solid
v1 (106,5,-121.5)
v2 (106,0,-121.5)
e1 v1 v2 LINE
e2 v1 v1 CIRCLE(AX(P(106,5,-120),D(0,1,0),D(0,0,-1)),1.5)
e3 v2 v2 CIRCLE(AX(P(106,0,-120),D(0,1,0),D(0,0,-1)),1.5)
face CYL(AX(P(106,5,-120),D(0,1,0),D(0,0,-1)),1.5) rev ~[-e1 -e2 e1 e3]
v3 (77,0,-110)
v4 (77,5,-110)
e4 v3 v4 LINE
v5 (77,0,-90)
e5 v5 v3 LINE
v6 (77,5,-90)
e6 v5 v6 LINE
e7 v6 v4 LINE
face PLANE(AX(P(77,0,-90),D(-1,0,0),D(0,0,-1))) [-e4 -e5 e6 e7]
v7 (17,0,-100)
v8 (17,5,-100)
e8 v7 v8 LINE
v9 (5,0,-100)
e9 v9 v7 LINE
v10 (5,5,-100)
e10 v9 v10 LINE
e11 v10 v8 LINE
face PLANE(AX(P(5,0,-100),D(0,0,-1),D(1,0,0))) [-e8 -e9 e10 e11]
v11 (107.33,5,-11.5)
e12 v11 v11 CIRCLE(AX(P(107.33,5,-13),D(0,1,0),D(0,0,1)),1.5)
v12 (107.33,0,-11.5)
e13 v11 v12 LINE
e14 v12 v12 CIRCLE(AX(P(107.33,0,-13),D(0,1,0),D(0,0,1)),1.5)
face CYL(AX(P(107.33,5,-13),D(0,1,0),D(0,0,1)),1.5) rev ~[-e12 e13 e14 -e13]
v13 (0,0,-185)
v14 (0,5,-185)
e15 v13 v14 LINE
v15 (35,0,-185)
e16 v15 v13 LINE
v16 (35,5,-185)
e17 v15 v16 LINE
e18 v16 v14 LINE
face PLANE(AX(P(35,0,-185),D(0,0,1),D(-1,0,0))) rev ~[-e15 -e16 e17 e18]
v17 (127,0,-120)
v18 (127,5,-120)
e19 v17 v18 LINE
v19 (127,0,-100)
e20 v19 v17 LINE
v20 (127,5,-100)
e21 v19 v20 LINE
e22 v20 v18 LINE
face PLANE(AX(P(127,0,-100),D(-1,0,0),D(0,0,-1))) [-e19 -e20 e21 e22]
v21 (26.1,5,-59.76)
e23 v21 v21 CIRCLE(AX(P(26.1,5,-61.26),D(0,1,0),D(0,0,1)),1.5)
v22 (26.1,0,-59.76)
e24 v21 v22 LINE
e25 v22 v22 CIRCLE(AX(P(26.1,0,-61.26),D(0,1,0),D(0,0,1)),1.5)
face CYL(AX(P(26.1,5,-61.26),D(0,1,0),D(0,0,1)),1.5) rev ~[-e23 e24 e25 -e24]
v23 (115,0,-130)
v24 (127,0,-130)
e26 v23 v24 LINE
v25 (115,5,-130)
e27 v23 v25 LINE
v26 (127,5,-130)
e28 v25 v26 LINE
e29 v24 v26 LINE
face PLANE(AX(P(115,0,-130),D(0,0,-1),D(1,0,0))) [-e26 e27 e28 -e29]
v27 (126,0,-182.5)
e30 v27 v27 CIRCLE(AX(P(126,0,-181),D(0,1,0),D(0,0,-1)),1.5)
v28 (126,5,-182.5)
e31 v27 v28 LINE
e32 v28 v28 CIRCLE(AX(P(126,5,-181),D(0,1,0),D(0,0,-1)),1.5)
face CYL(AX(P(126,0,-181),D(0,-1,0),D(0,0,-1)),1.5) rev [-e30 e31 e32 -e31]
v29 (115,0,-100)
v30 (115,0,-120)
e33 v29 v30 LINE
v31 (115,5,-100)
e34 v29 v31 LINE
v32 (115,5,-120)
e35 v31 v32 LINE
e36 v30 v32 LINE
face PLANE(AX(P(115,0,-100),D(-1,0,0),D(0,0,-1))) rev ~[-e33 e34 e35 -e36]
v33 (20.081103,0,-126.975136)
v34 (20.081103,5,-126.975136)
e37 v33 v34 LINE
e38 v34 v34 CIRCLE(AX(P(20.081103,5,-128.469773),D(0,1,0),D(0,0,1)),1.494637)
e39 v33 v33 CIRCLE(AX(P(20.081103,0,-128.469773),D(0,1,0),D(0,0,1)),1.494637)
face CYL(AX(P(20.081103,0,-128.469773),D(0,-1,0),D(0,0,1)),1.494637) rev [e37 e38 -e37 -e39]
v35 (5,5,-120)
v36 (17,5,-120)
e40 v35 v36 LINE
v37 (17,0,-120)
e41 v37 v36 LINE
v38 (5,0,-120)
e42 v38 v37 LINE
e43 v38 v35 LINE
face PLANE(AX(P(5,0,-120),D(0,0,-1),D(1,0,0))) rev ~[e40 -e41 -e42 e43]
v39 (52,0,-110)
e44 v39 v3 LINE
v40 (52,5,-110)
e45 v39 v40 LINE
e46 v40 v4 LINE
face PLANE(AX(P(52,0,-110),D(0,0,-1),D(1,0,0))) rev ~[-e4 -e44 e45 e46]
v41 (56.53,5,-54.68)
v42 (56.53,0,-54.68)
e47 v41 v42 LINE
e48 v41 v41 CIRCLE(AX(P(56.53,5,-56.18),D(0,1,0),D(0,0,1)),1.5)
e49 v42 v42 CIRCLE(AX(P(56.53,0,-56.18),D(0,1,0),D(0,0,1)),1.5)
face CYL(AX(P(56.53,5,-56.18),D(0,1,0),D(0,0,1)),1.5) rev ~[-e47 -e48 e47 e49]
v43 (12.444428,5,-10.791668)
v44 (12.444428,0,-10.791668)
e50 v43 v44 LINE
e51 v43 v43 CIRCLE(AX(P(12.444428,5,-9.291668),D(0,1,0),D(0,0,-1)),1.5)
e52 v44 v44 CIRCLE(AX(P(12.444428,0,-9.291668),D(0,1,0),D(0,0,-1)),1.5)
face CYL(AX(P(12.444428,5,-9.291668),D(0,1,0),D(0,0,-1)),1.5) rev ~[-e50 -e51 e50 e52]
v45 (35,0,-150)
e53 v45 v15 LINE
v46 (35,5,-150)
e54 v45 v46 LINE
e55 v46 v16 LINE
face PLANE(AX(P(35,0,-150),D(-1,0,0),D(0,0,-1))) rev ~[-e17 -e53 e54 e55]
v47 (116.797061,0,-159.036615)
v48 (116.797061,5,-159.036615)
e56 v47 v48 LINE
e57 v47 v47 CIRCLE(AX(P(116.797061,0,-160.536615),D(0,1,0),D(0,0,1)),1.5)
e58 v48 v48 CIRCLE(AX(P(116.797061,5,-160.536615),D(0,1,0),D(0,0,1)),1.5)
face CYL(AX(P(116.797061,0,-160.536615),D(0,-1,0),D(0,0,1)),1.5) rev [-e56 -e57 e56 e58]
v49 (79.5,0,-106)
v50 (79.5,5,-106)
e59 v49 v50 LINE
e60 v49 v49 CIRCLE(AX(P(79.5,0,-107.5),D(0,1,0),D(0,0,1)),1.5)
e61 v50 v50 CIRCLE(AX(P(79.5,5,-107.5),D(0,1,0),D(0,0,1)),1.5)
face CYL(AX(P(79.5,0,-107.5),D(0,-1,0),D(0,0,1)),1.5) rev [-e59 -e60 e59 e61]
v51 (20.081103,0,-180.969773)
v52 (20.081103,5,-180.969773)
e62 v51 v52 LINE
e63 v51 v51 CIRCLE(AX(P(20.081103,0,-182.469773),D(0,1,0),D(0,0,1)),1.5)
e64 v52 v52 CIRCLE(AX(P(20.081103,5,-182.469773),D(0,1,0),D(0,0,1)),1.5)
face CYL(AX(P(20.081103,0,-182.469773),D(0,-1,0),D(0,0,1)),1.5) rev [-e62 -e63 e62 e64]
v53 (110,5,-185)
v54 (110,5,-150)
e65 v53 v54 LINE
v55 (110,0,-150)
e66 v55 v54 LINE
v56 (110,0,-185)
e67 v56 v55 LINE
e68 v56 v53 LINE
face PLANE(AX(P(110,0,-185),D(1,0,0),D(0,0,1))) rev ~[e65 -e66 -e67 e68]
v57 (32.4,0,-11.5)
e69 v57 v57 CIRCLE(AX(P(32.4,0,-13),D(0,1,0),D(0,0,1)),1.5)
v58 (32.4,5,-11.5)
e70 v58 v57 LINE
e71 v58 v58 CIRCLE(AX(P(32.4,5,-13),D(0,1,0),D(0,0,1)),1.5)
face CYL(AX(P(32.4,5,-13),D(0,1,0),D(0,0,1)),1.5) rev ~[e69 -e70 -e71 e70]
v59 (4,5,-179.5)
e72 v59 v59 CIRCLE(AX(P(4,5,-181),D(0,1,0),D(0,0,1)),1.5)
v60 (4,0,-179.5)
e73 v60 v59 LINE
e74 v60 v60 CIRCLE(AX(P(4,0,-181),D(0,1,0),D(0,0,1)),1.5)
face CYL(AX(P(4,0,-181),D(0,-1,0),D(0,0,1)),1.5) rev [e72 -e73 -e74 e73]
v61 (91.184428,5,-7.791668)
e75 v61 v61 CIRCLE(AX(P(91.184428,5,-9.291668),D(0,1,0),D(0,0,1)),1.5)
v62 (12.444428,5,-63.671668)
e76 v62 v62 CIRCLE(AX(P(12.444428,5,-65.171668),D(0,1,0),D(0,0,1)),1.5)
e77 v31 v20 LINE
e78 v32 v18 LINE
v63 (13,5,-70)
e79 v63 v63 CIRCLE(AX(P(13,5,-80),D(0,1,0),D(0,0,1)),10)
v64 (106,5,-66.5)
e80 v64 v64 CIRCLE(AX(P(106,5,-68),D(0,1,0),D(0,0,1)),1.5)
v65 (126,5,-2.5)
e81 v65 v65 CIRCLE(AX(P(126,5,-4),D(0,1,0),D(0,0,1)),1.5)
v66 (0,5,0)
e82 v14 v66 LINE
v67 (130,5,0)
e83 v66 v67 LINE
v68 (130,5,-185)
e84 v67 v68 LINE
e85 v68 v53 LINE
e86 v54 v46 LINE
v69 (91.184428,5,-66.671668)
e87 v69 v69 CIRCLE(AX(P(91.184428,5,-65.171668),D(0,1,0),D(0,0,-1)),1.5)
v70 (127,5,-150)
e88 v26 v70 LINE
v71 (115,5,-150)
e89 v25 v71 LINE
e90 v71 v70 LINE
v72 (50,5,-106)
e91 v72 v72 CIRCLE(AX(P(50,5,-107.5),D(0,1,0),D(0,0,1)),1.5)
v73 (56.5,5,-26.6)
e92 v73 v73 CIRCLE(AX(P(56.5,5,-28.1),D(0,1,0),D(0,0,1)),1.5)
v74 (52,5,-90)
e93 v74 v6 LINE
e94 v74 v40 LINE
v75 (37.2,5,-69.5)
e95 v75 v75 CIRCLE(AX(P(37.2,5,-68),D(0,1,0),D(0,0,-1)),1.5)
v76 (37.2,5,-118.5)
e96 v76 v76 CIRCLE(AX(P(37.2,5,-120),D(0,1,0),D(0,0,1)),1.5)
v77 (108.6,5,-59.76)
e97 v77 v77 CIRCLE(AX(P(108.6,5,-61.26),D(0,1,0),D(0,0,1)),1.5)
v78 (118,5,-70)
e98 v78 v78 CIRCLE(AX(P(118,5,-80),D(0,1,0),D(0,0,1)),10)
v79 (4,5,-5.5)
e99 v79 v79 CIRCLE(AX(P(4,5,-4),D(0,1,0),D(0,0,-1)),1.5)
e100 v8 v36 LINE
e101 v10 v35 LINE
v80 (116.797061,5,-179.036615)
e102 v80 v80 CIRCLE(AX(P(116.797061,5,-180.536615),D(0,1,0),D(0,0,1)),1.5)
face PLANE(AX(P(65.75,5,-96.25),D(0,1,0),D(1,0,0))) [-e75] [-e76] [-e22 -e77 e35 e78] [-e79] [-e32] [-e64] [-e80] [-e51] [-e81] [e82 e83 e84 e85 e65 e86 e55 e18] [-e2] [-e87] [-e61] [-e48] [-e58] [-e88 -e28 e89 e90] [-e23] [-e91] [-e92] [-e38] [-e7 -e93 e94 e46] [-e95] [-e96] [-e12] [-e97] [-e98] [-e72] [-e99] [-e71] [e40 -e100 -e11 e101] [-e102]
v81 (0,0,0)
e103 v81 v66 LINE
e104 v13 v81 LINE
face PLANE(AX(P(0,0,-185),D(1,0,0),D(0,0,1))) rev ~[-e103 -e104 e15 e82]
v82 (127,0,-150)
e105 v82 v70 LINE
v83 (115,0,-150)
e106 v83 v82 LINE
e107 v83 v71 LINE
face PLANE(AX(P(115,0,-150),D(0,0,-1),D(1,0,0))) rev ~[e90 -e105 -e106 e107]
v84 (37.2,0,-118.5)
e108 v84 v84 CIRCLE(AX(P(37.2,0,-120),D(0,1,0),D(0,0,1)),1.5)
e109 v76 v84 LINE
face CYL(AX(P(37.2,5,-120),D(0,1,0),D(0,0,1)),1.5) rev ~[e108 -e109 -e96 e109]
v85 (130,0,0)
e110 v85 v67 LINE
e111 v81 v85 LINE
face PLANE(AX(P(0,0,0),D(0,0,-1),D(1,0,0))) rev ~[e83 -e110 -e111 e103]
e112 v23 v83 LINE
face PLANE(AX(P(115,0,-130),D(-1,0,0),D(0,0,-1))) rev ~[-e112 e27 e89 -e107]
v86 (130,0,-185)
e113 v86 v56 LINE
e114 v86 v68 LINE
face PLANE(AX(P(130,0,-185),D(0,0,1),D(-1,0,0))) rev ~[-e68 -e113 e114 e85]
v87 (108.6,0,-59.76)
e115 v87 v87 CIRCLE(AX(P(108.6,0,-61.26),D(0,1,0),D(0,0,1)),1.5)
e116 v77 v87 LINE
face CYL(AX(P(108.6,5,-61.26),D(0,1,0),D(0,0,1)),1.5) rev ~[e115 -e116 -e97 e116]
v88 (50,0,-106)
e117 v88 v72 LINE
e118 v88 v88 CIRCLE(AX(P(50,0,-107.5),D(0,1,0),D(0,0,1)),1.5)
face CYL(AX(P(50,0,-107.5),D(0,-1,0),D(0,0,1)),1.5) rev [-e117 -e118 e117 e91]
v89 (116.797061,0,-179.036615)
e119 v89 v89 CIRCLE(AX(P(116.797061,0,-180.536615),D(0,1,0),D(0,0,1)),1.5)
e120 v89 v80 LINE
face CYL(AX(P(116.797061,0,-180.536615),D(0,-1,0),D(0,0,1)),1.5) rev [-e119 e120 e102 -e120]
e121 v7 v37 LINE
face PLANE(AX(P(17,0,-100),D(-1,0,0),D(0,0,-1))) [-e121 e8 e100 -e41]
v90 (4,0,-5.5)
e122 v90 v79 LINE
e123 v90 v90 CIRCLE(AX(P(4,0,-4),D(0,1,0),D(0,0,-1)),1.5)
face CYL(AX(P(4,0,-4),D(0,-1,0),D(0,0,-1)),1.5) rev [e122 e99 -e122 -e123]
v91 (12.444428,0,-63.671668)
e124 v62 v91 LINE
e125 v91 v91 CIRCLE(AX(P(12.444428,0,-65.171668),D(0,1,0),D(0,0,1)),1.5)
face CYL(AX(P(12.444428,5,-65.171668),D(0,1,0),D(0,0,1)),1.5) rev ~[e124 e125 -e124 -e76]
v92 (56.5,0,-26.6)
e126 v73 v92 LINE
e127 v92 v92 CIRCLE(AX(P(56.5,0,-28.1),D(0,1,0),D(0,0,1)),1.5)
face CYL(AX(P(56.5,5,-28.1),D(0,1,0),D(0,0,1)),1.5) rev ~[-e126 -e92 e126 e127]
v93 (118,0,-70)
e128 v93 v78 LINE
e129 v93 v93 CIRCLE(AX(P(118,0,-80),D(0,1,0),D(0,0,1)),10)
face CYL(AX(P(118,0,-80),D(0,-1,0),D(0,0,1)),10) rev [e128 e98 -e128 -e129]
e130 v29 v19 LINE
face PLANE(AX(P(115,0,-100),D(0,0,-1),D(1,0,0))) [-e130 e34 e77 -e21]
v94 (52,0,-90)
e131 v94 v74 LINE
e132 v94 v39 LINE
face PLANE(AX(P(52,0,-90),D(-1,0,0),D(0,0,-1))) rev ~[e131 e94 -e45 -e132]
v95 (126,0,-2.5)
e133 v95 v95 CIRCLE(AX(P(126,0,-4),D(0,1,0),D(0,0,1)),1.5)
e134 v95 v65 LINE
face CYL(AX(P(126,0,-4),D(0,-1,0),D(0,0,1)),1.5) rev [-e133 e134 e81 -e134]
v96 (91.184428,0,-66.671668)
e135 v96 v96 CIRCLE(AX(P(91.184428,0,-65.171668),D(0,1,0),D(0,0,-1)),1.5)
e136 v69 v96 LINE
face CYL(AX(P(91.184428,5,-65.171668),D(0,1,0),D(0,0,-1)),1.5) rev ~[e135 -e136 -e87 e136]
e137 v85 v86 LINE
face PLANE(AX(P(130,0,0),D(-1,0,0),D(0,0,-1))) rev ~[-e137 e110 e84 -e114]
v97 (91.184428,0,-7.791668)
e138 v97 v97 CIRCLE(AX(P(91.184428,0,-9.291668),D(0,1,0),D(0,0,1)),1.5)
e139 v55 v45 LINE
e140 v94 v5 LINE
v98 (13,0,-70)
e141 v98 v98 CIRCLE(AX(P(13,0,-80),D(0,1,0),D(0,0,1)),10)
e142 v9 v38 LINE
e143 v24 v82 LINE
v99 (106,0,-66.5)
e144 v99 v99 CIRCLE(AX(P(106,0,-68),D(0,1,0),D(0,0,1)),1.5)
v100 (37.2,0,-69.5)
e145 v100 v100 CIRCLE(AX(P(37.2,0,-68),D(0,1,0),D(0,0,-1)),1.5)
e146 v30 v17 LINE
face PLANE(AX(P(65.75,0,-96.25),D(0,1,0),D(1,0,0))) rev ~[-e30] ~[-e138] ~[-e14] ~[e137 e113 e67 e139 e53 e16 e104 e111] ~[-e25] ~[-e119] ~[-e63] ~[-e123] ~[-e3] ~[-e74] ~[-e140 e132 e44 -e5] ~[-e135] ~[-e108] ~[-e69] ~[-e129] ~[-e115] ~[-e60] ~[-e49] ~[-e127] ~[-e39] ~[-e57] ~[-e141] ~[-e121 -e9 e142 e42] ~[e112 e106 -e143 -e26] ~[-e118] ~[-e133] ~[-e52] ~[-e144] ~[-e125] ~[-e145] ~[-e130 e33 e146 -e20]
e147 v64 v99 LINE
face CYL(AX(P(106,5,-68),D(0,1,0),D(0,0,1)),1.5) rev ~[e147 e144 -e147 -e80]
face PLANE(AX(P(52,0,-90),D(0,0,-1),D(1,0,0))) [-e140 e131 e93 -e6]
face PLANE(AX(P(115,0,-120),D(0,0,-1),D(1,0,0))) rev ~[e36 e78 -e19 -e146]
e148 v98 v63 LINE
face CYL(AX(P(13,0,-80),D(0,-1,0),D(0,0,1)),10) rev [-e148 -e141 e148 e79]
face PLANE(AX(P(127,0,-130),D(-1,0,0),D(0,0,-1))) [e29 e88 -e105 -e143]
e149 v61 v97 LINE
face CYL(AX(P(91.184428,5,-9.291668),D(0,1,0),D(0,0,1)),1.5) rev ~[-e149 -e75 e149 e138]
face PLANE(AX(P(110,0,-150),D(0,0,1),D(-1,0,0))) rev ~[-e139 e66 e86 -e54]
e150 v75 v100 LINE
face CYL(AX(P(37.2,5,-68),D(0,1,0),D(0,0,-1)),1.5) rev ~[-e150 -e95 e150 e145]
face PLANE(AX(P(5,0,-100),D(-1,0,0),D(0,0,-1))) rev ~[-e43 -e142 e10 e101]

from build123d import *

# Parameters (mm, degrees)
SKETCH1_R           = 1.5
SKETCH1_R_2         = 10
SKETCH1_R_3         = 1.494637137
SKETCH1_W           = 25
SKETCH1_H           = 20
SKETCH1_W_2         = 12
BOSS_EXTRUDE2_DEPTH = 5
SKETCH2_R           = 1.5
CUT_EXTRUDE1_DEPTH  = 100
SKETCH3_R           = 1.5
CUT_EXTRUDE2_DEPTH  = 1220
SKETCH5_R           = 1.5
CUT_EXTRUDE4_DEPTH  = 10


with BuildPart() as part:
    # Sketch1 → Boss-Extrude2 (new body)
    with BuildSketch(Plane(origin=(0, 0, 0), x_dir=(1, 0, 0), z_dir=(0, 1, 0))):
        Polygon((0, 0), (130, 0), (130, 185), (110, 185), (110, 150), (35, 150), (35, 185), (0, 185), align=None)
        with Locations(Location((126, 4, 0), (0, 0, 270))):
            Circle(SKETCH1_R, mode=Mode.SUBTRACT)
        with Locations(Location((4, 4, 0), (0, 0, 90))):
            Circle(SKETCH1_R, mode=Mode.SUBTRACT)
        with Locations(Location((4, 181, 0), (0, 0, 270))):
            Circle(SKETCH1_R, mode=Mode.SUBTRACT)
        with Locations(Location((126, 181, 0), (0, 0, 90))):
            Circle(SKETCH1_R, mode=Mode.SUBTRACT)
        with Locations(Location((13, 80, 0), (0, 0, 270))):
            Circle(SKETCH1_R_2, mode=Mode.SUBTRACT)
        with Locations(Location((118, 80, 0), (0, 0, 270))):
            Circle(SKETCH1_R_2, mode=Mode.SUBTRACT)
        with Locations(Location((79.5, 107.5, 0), (0, 0, 270))):
            Circle(SKETCH1_R, mode=Mode.SUBTRACT)
        with Locations(Location((50, 107.5, 0), (0, 0, 270))):
            Circle(SKETCH1_R, mode=Mode.SUBTRACT)
        with Locations(Location((20.081102583, 128.469773312, 0), (0, 0, 270))):
            Circle(SKETCH1_R_3, mode=Mode.SUBTRACT)
        with Locations(Location((116.797060631, 180.536614994, 0), (0, 0, 270))):
            Circle(SKETCH1_R, mode=Mode.SUBTRACT)
        with Locations(Location((20.081102583, 182.469773312, 0), (0, 0, 270))):
            Circle(SKETCH1_R, mode=Mode.SUBTRACT)
        with Locations(Location((116.797060631, 160.536614994, 0), (0, 0, 270))):
            Circle(SKETCH1_R, mode=Mode.SUBTRACT)
        with Locations((64.5, 100)):
            Rectangle(SKETCH1_W, SKETCH1_H, mode=Mode.SUBTRACT)
        with Locations((11, 110)):
            Rectangle(SKETCH1_W_2, SKETCH1_H, mode=Mode.SUBTRACT)
        with Locations((121, 110)):
            Rectangle(SKETCH1_W_2, SKETCH1_H, mode=Mode.SUBTRACT)
        with Locations((121, 140)):
            Rectangle(SKETCH1_W_2, SKETCH1_H, mode=Mode.SUBTRACT)
    extrude(amount=BOSS_EXTRUDE2_DEPTH)

    # Sketch2 → Cut-Extrude1 (cut)
    with BuildSketch(Plane(origin=(0, 5, 0), x_dir=(1, 0, 0), z_dir=(0, 1, 0))):
        with Locations(Location((12.444428106, 65.171668427, 0), (0, 0, 270))):
            Circle(SKETCH2_R)
        with Locations(Location((91.184428106, 65.171668427, 0), (0, 0, 90))):
            Circle(SKETCH2_R)
        with Locations(Location((91.184428106, 9.291668427, 0), (0, 0, 270))):
            Circle(SKETCH2_R)
        with Locations(Location((12.444428106, 9.291668427, 0), (0, 0, 90))):
            Circle(SKETCH2_R)
    extrude(amount=-CUT_EXTRUDE1_DEPTH, mode=Mode.SUBTRACT)

    # Sketch3 → Cut-Extrude2 (cut)
    with BuildSketch(Plane(origin=(0, 5, 0), x_dir=(1, 0, 0), z_dir=(0, 1, 0))):
        with Locations(Location((108.6, 61.26, 0), (0, 0, 270))):
            Circle(SKETCH3_R)
        with Locations(Location((107.33, 13, 0), (0, 0, 270))):
            Circle(SKETCH3_R)
        with Locations(Location((32.4, 13, 0), (0, 0, 270))):
            Circle(SKETCH3_R)
        with Locations(Location((26.1, 61.26, 0), (0, 0, 270))):
            Circle(SKETCH3_R)
        with Locations(Location((56.53, 56.18, 0), (0, 0, 270))):
            Circle(SKETCH3_R)
        with Locations(Location((56.5, 28.1, 0), (0, 0, 270))):
            Circle(SKETCH3_R)
    extrude(amount=-CUT_EXTRUDE2_DEPTH, mode=Mode.SUBTRACT)

    # Sketch5 → Cut-Extrude4 (cut)
    with BuildSketch(Plane(origin=(0, 5, 0), x_dir=(1, 0, 0), z_dir=(0, 1, 0))):
        with Locations(Location((37.2, 120, 0), (0, 0, 270))):
            Circle(SKETCH5_R)
        with Locations(Location((106, 120, 0), (0, 0, 90))):
            Circle(SKETCH5_R)
        with Locations(Location((106, 68, 0), (0, 0, 270))):
            Circle(SKETCH5_R)
        with Locations(Location((37.2, 68, 0), (0, 0, 90))):
            Circle(SKETCH5_R)
    extrude(amount=-CUT_EXTRUDE4_DEPTH, mode=Mode.SUBTRACT)


solid = part.part
